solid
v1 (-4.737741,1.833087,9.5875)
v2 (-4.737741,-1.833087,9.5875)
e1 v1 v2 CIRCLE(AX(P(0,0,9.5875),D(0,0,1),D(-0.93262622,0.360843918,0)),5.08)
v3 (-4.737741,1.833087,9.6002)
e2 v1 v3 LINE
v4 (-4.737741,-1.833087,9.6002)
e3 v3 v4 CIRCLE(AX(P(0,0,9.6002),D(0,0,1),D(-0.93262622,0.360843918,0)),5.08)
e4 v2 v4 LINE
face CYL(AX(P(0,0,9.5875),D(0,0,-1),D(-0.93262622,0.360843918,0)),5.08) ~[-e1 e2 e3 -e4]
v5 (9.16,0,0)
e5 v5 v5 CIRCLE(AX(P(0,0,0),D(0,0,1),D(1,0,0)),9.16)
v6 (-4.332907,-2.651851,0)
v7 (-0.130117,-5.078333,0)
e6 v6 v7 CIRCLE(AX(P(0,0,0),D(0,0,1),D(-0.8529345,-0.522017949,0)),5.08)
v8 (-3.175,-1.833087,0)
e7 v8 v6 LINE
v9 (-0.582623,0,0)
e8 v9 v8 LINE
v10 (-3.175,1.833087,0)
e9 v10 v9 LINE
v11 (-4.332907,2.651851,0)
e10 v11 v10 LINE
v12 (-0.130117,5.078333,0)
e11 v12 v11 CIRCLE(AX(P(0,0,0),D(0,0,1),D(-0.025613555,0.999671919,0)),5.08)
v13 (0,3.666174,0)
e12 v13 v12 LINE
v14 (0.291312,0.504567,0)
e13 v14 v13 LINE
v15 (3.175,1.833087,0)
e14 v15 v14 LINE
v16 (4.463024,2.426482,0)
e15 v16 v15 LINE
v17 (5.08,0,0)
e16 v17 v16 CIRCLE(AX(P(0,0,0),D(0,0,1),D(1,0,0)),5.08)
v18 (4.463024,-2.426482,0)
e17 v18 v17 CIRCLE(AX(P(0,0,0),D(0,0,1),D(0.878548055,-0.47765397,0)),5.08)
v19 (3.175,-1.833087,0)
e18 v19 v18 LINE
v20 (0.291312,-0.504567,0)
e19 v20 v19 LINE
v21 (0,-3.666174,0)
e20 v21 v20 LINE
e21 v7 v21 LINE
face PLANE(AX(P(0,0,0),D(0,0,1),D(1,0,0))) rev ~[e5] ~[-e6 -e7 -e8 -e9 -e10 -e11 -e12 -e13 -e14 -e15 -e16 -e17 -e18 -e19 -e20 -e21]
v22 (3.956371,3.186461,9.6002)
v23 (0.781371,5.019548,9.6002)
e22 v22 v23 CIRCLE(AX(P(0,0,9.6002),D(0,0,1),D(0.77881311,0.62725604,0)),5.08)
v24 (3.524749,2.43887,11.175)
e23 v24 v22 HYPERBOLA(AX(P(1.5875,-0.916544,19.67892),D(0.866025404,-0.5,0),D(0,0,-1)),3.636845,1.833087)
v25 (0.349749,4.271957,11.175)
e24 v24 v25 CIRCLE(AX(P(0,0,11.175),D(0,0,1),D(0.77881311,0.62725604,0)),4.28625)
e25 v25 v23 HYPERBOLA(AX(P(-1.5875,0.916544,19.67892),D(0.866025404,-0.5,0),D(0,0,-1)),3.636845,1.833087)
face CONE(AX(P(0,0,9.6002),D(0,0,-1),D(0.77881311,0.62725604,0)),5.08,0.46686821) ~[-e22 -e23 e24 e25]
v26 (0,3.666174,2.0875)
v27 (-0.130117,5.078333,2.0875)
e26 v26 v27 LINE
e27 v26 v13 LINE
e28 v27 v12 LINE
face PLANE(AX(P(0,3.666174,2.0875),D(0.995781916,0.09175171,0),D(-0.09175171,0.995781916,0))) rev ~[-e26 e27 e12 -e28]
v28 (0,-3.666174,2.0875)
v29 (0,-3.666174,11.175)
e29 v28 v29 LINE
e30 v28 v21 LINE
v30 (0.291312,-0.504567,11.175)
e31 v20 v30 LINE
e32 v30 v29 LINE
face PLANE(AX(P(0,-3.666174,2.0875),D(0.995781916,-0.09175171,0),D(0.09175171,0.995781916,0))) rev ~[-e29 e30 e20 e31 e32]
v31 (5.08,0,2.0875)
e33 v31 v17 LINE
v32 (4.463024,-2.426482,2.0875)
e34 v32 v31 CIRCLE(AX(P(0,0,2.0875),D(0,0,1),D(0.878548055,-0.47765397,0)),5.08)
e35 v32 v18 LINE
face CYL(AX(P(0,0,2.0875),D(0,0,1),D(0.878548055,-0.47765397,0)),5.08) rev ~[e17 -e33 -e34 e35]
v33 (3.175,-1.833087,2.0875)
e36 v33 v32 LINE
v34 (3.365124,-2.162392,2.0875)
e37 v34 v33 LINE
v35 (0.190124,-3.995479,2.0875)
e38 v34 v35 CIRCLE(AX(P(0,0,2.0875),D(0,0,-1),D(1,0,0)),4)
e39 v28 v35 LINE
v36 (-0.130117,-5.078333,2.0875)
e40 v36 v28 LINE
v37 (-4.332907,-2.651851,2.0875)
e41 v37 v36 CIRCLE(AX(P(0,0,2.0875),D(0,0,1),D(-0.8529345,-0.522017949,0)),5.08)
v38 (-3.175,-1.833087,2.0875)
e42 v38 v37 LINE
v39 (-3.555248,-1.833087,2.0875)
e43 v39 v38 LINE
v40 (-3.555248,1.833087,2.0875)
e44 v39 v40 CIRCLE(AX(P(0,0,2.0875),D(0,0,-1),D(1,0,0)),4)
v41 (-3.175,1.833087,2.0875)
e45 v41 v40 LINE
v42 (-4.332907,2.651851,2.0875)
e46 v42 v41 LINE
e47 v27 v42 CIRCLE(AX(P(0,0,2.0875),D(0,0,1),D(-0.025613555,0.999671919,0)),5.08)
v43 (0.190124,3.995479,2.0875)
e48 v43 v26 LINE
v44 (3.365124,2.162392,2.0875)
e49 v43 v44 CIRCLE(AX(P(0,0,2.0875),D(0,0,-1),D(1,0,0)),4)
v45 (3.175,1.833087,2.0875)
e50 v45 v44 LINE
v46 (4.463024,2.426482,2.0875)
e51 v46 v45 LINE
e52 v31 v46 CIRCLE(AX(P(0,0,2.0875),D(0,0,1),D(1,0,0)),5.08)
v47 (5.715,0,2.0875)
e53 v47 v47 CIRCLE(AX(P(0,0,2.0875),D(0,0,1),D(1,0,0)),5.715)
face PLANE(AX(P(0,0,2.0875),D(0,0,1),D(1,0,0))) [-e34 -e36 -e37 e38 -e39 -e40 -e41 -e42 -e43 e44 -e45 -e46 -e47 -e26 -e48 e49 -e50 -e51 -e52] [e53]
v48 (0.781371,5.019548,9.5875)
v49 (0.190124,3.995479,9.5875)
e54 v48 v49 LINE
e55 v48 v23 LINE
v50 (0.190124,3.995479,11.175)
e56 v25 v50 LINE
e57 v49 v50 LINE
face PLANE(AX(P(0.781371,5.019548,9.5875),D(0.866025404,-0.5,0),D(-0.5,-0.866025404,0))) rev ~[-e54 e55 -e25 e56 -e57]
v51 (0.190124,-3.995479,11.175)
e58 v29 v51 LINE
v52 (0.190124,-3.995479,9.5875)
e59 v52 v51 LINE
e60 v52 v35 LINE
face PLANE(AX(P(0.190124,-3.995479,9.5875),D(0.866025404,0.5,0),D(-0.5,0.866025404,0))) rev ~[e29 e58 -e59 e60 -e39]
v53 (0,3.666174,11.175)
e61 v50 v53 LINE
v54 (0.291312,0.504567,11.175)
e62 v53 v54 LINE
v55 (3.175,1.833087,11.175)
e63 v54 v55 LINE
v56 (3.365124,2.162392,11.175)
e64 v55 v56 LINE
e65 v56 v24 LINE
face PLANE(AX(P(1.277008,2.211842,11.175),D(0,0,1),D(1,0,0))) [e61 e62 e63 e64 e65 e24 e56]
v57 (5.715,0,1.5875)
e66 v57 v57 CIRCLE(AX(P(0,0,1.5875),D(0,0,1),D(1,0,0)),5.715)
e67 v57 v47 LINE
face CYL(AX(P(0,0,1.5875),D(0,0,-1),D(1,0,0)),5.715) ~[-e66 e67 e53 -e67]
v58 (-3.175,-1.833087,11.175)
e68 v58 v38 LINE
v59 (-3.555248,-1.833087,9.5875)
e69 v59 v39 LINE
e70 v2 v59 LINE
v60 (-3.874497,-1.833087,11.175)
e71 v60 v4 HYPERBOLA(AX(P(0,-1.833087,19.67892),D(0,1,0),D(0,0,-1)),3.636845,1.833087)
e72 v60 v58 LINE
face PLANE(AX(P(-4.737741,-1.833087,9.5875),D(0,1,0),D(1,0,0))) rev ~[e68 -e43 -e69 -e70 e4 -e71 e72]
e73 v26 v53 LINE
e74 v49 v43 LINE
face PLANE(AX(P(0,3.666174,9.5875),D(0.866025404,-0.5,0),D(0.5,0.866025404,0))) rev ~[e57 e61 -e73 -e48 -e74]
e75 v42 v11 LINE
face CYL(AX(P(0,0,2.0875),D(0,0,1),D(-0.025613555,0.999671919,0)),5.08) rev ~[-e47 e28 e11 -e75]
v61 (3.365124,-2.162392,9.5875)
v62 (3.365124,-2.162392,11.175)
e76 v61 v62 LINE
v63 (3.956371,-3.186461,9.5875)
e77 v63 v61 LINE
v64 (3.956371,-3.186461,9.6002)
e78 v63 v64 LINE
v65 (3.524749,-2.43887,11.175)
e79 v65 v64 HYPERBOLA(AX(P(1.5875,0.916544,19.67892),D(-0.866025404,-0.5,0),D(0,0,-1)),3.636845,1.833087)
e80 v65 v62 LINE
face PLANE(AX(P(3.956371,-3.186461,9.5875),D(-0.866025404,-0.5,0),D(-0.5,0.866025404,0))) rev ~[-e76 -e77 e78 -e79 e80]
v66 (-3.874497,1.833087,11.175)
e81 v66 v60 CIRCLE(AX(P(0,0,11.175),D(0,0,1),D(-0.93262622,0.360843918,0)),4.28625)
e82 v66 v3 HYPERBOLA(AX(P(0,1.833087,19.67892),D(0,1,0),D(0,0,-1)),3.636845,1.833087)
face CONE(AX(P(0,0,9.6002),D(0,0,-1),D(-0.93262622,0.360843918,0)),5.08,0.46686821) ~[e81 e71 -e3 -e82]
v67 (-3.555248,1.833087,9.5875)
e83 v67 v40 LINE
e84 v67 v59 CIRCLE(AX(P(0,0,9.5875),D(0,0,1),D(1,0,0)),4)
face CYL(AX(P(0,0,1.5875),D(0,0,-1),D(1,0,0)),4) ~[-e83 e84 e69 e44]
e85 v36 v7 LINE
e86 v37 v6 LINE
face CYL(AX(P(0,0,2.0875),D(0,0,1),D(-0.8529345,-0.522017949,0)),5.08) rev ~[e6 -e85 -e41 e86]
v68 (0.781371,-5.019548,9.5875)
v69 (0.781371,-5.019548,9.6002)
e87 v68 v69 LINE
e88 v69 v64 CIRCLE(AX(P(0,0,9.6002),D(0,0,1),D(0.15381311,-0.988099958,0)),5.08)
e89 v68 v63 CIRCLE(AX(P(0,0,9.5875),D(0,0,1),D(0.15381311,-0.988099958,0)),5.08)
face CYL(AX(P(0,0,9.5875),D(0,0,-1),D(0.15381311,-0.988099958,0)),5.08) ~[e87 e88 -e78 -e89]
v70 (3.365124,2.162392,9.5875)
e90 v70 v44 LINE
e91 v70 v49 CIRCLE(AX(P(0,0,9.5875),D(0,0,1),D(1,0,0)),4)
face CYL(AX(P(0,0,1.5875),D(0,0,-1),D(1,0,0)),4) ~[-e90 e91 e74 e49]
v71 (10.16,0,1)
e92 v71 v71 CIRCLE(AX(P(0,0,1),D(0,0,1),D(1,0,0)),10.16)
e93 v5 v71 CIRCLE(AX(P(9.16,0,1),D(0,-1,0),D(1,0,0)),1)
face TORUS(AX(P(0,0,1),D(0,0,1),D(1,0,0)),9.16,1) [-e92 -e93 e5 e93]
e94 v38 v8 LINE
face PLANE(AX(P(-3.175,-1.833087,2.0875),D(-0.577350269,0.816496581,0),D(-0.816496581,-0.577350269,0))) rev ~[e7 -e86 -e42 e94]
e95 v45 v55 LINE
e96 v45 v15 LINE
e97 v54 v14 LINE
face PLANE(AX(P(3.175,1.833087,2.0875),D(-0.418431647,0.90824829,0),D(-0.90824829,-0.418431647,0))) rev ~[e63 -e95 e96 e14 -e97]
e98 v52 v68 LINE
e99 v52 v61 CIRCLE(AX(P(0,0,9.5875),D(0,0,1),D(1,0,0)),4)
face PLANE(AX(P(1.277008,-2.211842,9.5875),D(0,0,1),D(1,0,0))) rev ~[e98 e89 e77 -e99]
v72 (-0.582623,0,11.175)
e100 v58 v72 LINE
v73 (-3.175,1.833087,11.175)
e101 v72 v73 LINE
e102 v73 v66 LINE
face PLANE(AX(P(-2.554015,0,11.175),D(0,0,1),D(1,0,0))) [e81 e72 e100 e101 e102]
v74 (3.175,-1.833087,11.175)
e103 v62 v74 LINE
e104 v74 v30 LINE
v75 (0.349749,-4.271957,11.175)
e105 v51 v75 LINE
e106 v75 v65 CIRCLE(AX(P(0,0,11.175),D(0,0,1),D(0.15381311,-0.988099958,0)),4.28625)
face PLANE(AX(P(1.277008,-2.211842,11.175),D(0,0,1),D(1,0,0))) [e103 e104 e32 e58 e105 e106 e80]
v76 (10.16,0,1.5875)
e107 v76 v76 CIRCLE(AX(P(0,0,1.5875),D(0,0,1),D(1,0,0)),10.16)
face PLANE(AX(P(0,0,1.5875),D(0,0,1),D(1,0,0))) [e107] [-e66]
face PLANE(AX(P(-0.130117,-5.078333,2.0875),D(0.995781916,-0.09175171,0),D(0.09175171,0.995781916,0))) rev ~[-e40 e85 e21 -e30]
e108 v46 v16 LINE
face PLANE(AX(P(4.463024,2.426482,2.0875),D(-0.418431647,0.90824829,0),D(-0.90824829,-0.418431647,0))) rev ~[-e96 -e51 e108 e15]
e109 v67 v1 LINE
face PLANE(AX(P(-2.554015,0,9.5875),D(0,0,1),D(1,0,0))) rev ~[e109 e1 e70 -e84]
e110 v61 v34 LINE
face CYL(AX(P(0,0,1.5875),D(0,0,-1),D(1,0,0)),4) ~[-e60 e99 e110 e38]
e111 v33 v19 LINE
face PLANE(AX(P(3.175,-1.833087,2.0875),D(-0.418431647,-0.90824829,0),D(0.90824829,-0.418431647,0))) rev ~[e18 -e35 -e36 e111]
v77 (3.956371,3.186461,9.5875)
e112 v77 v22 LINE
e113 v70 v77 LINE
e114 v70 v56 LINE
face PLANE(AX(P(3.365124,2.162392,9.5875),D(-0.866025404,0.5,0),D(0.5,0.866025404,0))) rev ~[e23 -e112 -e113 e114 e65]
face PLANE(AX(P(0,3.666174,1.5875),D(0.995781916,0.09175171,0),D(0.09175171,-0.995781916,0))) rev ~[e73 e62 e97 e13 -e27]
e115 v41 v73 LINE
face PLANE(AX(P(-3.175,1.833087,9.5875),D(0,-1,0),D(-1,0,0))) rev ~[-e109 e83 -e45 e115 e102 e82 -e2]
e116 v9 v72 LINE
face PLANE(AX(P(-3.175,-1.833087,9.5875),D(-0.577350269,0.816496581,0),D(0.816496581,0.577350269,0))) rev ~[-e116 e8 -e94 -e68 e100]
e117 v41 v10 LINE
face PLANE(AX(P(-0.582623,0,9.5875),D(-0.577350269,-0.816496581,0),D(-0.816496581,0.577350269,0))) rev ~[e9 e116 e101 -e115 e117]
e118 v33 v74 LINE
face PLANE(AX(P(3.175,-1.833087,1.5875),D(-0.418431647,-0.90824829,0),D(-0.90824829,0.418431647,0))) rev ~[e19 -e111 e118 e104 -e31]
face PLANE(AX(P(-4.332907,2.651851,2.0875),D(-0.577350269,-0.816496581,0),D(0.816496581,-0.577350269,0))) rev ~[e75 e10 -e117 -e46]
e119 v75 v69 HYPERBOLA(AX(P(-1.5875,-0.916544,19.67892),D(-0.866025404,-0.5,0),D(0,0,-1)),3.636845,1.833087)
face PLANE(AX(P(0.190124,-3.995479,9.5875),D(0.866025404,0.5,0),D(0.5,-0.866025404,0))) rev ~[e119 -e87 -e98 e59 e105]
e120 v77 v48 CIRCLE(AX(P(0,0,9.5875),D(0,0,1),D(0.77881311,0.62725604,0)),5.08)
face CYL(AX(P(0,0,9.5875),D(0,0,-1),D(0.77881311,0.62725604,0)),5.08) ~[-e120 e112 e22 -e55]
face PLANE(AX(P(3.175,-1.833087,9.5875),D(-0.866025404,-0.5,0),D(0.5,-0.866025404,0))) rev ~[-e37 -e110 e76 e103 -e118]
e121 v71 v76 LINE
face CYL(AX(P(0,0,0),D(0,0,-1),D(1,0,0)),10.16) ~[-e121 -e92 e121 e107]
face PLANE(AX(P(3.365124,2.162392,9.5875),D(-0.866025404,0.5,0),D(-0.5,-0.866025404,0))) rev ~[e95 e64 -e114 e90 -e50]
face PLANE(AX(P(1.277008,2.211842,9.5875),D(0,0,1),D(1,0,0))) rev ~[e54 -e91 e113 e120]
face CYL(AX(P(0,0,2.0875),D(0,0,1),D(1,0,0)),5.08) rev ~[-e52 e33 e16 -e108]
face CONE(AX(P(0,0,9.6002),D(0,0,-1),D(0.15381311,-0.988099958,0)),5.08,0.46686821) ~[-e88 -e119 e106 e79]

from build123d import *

# Parameters (mm, degrees)
F0_R        = 10.16
F1_DEPTH    = 1.5875
F2_R        = 4
F3_DEPTH    = 8
F5_DEPTH    = 8
F6_R        = 5.715
F7_DEPTH    = 0.5
F9_DEPTH    = 1.5875
F10_SIZE2   = 1.5748
F10_SIZE    = 0.79375
F10_2_SIZE2 = 1.5748
F10_2_SIZE  = 0.79375
F10_3_SIZE2 = 1.5748
F10_3_SIZE  = 0.79375
F12_DEPTH   = 2.0885
F13_R       = 1


with BuildPart() as f1:
    # F0 (on Top) → F1 (new body)
    with BuildSketch(Plane.XY):
        Circle(F0_R)
    extrude(amount=F1_DEPTH)

    # F2 (on face) → F3 (join)
    with BuildSketch(Plane.XY.offset(1.5875)):
        Circle(F2_R)
        Polygon((0, 3.6661742094), (3.175, 1.8330871047), (3.175, -1.8330871047), (0, -3.6661742094), (-3.175, -1.8330871047), (-3.175, 1.8330871047), align=None, mode=Mode.SUBTRACT)
        Polygon((-0.5826233556, 0), (-3.175, 1.8330871047), (-3.175, -1.8330871047), align=None)
        Polygon((0.2913116778, 0.5045666267), (3.175, 1.8330871047), (0, 3.6661742094), align=None)
        Polygon((0, -3.6661742094), (3.175, -1.8330871047), (0.2913116778, -0.5045666267), align=None)
    extrude(amount=F3_DEPTH)

    # F4 (on face) → F5 (cut, through all)
    with BuildSketch(Plane.XY.offset(9.5875)):
        with BuildLine():
            Line((-3.175, 1.8330871047), (0, 3.6661742094))
            Line((0, 3.6661742094), (0.1901242338, 3.9954790421))
            ThreePointArc((0.1901242338, 3.9954790421), (-2, 3.4641016151), (-3.5552484676, 1.8330871047))
            Line((-3.5552484676, 1.8330871047), (-3.175, 1.8330871047))
        make_face()
        with BuildLine():
            Line((3.3651242338, 2.1623919374), (3.175, 1.8330871047))
            Line((3.175, 1.8330871047), (3.175, -1.8330871047))
            Line((3.175, -1.8330871047), (3.3651242338, -2.1623919374))
            ThreePointArc((3.3651242338, -2.1623919374), (3.838000582, -1.1268325219), (4, 0))
            ThreePointArc((4, 0), (3.838000582, 1.1268325219), (3.3651242338, 2.1623919374))
        make_face()
        with BuildLine():
            Line((0, -3.6661742094), (-3.175, -1.8330871047))
            Line((-3.175, -1.8330871047), (-3.5552484676, -1.8330871047))
            ThreePointArc((-3.5552484676, -1.8330871047), (-2, -3.4641016151), (0.1901242338, -3.9954790421))
            Line((0.1901242338, -3.9954790421), (0, -3.6661742094))
        make_face()
    extrude(amount=-F5_DEPTH, mode=Mode.SUBTRACT)

    # F6 (on face) → F7 (join)
    with BuildSketch(Plane.XY.offset(1.5875)):
        Circle(F6_R)
    extrude(amount=F7_DEPTH)

    # F8 (on face) → F9 (join)
    with BuildSketch(Plane.XY.offset(9.5875)):
        Polygon((-3.175, -1.8330871047), (-0.5826233556, 0), (-3.175, 1.8330871047), (-3.5552484676, 1.8330871047), (-3.5552484676, -1.8330871047), align=None)
        with BuildLine():
            ThreePointArc((-3.5552484676, 1.8330871047), (-4, 0), (-3.5552484676, -1.8330871047))
            Line((-3.5552484676, -1.8330871047), (-3.5552484676, 1.8330871047))
        make_face()
        with BuildLine():
            Line((-4.7377411988, -1.8330871047), (-3.5552484676, -1.8330871047))
            ThreePointArc((-3.5552484676, -1.8330871047), (-4, 0), (-3.5552484676, 1.8330871047))
            Line((-3.5552484676, 1.8330871047), (-4.7377411988, 1.8330871047))
            ThreePointArc((-4.7377411988, 1.8330871047), (-5.08, 0), (-4.7377411988, -1.8330871047))
        make_face()
        Polygon((0.1901242338, 3.9954790421), (0, 3.6661742094), (0.2913116778, 0.5045666267), (3.175, 1.8330871047), (3.3651242338, 2.1623919374), align=None)
        with BuildLine():
            ThreePointArc((3.3651242338, 2.1623919374), (2, 3.4641016151), (0.1901242338, 3.9954790421))
            Line((0.1901242338, 3.9954790421), (3.3651242338, 2.1623919374))
        make_face()
        with BuildLine():
            Line((0.7813705994, 5.019547787), (0.1901242338, 3.9954790421))
            ThreePointArc((0.1901242338, 3.9954790421), (2, 3.4641016151), (3.3651242338, 2.1623919374))
            Line((3.3651242338, 2.1623919374), (3.9563705994, 3.1864606824))
            ThreePointArc((3.9563705994, 3.1864606824), (2.54, 4.3994090512), (0.7813705994, 5.019547787))
        make_face()
        Polygon((3.175, -1.8330871047), (0.2913116778, -0.5045666267), (0, -3.6661742094), (0.1901242338, -3.9954790421), (3.3651242338, -2.1623919374), align=None)
        with BuildLine():
            ThreePointArc((0.1901242338, -3.9954790421), (2, -3.4641016151), (3.3651242338, -2.1623919374))
            Line((3.3651242338, -2.1623919374), (0.1901242338, -3.9954790421))
        make_face()
        with BuildLine():
            Line((3.9563705994, -3.1864606824), (3.3651242338, -2.1623919374))
            ThreePointArc((3.3651242338, -2.1623919374), (2, -3.4641016151), (0.1901242338, -3.9954790421))
            Line((0.1901242338, -3.9954790421), (0.7813705994, -5.019547787))
            ThreePointArc((0.7813705994, -5.019547787), (2.54, -4.3994090512), (3.9563705994, -3.1864606824))
        make_face()
    extrude(amount=F9_DEPTH)

    # F10
    f10_edges = [f1.edges().sort_by_distance(p)[0] for p in [
        (2.54, -4.399409, 11.175),
    ]]
    f10_side = f1.faces().sort_by_distance((1.667082, -2.88747, 11.175))[0]
    chamfer(f10_edges, length=F10_SIZE, length2=F10_SIZE2, reference=f10_side)

    # F10#2
    f10_2_edges = [f1.edges().sort_by_distance(p)[0] for p in [
        (2.54, 4.399409, 11.175),
    ]]
    f10_2_side = f1.faces().sort_by_distance((1.667082, 2.88747, 11.175))[0]
    chamfer(f10_2_edges, length=F10_2_SIZE, length2=F10_2_SIZE2, reference=f10_2_side)

    # F10#3
    f10_3_edges = [f1.edges().sort_by_distance(p)[0] for p in [
        (-5.08, 0, 11.175),
    ]]
    f10_3_side = f1.faces().sort_by_distance((-3.334164, 0, 11.175))[0]
    chamfer(f10_3_edges, length=F10_3_SIZE, length2=F10_3_SIZE2, reference=f10_3_side)

    # F11 (on face) → F12 (cut, through all)
    with BuildSketch(Plane.XY.offset(2.0875)):
        with BuildLine():
            ThreePointArc((4.4630241186, -2.4264821691), (4.9233404576, -1.2518461322), (5.08, 0))
            ThreePointArc((5.08, 0), (4.9233404576, 1.2518461322), (4.4630241186, 2.4264821691))
            Line((4.4630241186, 2.4264821691), (3.175, 1.8330871047))
            Line((3.175, 1.8330871047), (0.2913116778, 0.5045666267))
            Line((0.2913116778, 0.5045666267), (0, 3.6661742094))
            Line((0, 3.6661742094), (-0.1301168591, 5.0783333489))
            ThreePointArc((-0.1301168591, 5.0783333489), (-2.54, 4.3994090512), (-4.3329072595, 2.6518511799))
            Line((-4.3329072595, 2.6518511799), (-3.175, 1.8330871047))
            Line((-3.175, 1.8330871047), (-0.5826233556, 0))
            Line((-0.5826233556, 0), (-3.175, -1.8330871047))
            Line((-3.175, -1.8330871047), (-4.3329072595, -2.6518511799))
            ThreePointArc((-4.3329072595, -2.6518511799), (-2.54, -4.3994090512), (-0.1301168591, -5.0783333489))
            Line((-0.1301168591, -5.0783333489), (0, -3.6661742094))
            Line((0, -3.6661742094), (0.2913116778, -0.5045666267))
            Line((0.2913116778, -0.5045666267), (3.175, -1.8330871047))
            Line((3.175, -1.8330871047), (4.4630241186, -2.4264821691))
        make_face()
    extrude(amount=-F12_DEPTH, mode=Mode.SUBTRACT)

    # F13
    f13_edges = [f1.edges().sort_by_distance(p)[0] for p in [
        (-10.16, 0, 0),
    ]]
    fillet(f13_edges, radius=F13_R)


solid = f1.part
